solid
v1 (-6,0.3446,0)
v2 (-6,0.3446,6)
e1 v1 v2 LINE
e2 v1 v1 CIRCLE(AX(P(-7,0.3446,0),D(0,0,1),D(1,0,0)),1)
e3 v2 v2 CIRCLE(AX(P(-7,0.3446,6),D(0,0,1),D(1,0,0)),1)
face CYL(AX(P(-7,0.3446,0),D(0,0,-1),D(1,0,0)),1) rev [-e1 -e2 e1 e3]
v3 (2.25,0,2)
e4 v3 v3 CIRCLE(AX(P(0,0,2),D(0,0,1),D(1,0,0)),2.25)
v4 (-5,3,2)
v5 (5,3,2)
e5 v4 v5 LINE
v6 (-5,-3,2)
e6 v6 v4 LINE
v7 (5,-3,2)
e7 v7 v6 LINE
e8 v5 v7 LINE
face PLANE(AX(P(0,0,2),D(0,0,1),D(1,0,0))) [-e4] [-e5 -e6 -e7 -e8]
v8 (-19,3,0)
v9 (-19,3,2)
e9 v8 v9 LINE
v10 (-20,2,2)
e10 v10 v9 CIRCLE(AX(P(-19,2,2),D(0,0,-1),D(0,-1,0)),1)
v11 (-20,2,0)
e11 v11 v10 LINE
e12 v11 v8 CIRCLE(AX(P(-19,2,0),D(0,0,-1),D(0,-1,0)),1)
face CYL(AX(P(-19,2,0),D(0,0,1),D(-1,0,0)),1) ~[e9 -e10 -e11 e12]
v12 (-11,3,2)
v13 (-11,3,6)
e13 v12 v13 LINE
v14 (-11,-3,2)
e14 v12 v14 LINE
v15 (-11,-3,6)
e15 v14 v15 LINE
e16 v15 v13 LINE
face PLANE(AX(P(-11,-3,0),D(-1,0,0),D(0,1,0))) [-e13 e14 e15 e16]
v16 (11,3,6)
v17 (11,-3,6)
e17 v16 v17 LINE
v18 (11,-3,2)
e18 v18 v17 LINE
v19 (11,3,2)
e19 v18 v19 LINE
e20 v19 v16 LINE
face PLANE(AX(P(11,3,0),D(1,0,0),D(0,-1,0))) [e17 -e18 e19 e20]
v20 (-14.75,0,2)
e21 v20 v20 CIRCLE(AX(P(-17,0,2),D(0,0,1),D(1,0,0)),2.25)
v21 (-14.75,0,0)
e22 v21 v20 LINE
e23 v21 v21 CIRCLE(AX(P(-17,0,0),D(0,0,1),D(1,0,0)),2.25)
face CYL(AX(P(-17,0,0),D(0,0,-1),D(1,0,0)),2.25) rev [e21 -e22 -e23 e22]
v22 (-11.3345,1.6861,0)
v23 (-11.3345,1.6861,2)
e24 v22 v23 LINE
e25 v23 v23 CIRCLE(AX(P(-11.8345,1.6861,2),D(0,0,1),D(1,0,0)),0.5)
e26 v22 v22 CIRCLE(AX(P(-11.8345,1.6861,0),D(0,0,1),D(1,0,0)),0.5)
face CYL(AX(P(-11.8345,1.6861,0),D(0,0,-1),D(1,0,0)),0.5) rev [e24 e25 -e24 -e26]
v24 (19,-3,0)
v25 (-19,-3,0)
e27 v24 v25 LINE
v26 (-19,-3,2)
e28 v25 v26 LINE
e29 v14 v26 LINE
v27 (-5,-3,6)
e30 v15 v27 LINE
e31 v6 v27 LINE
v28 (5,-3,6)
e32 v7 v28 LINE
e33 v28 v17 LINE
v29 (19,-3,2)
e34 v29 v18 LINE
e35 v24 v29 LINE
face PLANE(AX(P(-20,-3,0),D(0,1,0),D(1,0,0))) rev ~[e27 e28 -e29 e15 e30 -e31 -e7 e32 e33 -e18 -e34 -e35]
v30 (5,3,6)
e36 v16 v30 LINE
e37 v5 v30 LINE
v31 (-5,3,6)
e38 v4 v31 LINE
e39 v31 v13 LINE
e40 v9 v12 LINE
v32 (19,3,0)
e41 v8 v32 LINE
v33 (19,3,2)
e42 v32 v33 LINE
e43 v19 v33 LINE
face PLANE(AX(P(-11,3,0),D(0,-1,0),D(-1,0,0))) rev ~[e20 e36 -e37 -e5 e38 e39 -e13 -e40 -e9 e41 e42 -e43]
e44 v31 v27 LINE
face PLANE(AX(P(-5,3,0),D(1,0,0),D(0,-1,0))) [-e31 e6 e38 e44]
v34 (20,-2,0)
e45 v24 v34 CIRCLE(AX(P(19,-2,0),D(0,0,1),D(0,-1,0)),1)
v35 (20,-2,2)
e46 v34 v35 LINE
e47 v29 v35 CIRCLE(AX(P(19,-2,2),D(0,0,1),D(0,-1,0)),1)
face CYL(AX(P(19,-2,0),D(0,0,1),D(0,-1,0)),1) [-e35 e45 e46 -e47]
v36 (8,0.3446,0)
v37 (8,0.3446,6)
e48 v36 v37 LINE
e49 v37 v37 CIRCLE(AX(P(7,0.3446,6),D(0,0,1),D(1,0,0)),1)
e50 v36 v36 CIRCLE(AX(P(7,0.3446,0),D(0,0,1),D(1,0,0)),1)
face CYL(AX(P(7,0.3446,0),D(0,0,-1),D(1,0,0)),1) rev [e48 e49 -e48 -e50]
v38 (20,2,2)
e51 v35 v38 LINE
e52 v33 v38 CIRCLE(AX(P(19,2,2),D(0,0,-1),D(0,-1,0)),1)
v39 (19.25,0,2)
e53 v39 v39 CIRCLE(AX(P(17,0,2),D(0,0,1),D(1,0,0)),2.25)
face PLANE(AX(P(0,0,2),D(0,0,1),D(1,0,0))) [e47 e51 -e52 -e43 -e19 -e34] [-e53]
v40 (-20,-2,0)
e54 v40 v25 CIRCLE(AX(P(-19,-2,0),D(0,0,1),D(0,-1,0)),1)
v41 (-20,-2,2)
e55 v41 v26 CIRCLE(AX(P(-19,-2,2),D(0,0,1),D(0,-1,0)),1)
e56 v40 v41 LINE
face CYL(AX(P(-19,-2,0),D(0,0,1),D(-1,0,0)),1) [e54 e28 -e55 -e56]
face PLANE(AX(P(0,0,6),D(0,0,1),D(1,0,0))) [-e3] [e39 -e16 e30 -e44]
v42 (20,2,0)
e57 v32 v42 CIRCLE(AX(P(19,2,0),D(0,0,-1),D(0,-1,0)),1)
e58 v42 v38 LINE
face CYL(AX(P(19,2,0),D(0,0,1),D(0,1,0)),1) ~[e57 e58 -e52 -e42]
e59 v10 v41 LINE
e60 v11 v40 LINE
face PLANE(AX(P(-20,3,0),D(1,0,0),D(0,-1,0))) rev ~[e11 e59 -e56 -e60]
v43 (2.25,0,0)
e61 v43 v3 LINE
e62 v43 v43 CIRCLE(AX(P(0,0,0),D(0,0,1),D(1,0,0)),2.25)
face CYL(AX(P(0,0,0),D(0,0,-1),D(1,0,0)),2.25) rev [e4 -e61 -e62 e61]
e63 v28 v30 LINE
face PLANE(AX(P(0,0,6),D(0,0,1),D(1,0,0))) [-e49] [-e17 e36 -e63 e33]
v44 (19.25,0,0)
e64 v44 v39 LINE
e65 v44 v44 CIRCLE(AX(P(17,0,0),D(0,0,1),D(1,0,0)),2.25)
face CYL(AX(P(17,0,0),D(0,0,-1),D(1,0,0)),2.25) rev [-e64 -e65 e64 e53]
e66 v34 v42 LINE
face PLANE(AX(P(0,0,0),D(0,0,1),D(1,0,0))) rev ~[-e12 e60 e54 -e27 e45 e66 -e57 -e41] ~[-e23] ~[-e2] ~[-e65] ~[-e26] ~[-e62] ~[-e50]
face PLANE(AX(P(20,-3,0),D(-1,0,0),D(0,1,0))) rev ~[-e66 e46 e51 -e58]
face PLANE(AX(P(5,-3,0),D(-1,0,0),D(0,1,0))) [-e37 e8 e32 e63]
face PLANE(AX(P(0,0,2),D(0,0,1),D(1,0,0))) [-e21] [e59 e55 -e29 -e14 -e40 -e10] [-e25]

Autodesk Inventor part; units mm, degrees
ref_plane "YZ Plane" through (0, 0, 0) normal (1, 0, 0) x (0, 1, 0)
ref_plane "XZ Plane" through (0, 0, 0) normal (0, 1, 0) x (-1, 0, 0)
ref_plane "XY Plane" through (0, 0, 0) normal (0, 0, 1) x (1, 0, 0)
sketch "Sketch1" plane through (0, 0, 0) normal (0, 0, 1) x (1, 0, 0)
  line L0 (-20, -3) -> (20, -3) construction
  circle A0 centre (-17, 0) radius 2.25
  circle A1 centre (17, 0) radius 2.25
  circle A2 centre (0, 0) radius 2.25
  circle A3 centre (-7, 0.3446) radius 1
  circle A4 centre (7, 0.3446) radius 1
  line L1 (-23.9554, 0) -> (25.6733, 0) construction
  line L2 (0, 11.421) -> (0, -11.2937) construction
  line L3 (-20, -3) -> (20, -3)
  line L4 (20, -3) -> (20, 3)
  line L5 (20, 3) -> (-20, 3)
  line L6 (-20, 3) -> (-20, -3)
  circle A5 centre (-11.8345, 1.6861) radius 0.5
  line L7 (-11, 3) -> (-5, 3)
  line L8 (-5, 3) -> (-5, -3)
  line L9 (-5, -3) -> (-11, -3)
  line L10 (-11, -3) -> (-11, 3)
  line L11 (5, 3) -> (11, 3)
  line L12 (11, 3) -> (11, -3)
  line L13 (11, -3) -> (5, -3)
  line L14 (5, -3) -> (5, 3)
  point P0 (0, 0)
  point P1 (0, -3)
  point P2 (0, -3)
  point P3 (-2.8751, -5.808)
  point P4 (2.8751, -5.808)
  dimension "d0" = 40
  dimension "d1" = 4.5
  dimension "d2" = 4.5
  dimension "d3" = 3
  dimension "d4" = 4.5
  dimension "d5" = 3
  dimension "d6" = 3.3446
  dimension "d7" = 3.3446
  dimension "d8" = 3
  dimension "d9" = 17
  dimension "d10" = 17
  dimension "d11" = 3
  dimension "d12" = 3
  dimension "d13" = 3
  dimension "d14" = 3
  dimension "d16" = 1
  dimension "d20" = 6
  dimension "d22" = 5
  dimension "d23" = 5
  dimension "d24" = 6
extrude "Extrusion1" add sketch "Sketch1" along normal blind 2
fillet "Fillet1" radius 1 4 edges at (-20, 3, 1) (-20, -3, 1) (20, 3, 1) (20, -3, 1)
extrude "Extrusion2" add sketch "Sketch1" along normal blind 6 contours L10 L5 L8 L3 | L14 L5 L12 L3
properties part number "Bar_Extruded"
